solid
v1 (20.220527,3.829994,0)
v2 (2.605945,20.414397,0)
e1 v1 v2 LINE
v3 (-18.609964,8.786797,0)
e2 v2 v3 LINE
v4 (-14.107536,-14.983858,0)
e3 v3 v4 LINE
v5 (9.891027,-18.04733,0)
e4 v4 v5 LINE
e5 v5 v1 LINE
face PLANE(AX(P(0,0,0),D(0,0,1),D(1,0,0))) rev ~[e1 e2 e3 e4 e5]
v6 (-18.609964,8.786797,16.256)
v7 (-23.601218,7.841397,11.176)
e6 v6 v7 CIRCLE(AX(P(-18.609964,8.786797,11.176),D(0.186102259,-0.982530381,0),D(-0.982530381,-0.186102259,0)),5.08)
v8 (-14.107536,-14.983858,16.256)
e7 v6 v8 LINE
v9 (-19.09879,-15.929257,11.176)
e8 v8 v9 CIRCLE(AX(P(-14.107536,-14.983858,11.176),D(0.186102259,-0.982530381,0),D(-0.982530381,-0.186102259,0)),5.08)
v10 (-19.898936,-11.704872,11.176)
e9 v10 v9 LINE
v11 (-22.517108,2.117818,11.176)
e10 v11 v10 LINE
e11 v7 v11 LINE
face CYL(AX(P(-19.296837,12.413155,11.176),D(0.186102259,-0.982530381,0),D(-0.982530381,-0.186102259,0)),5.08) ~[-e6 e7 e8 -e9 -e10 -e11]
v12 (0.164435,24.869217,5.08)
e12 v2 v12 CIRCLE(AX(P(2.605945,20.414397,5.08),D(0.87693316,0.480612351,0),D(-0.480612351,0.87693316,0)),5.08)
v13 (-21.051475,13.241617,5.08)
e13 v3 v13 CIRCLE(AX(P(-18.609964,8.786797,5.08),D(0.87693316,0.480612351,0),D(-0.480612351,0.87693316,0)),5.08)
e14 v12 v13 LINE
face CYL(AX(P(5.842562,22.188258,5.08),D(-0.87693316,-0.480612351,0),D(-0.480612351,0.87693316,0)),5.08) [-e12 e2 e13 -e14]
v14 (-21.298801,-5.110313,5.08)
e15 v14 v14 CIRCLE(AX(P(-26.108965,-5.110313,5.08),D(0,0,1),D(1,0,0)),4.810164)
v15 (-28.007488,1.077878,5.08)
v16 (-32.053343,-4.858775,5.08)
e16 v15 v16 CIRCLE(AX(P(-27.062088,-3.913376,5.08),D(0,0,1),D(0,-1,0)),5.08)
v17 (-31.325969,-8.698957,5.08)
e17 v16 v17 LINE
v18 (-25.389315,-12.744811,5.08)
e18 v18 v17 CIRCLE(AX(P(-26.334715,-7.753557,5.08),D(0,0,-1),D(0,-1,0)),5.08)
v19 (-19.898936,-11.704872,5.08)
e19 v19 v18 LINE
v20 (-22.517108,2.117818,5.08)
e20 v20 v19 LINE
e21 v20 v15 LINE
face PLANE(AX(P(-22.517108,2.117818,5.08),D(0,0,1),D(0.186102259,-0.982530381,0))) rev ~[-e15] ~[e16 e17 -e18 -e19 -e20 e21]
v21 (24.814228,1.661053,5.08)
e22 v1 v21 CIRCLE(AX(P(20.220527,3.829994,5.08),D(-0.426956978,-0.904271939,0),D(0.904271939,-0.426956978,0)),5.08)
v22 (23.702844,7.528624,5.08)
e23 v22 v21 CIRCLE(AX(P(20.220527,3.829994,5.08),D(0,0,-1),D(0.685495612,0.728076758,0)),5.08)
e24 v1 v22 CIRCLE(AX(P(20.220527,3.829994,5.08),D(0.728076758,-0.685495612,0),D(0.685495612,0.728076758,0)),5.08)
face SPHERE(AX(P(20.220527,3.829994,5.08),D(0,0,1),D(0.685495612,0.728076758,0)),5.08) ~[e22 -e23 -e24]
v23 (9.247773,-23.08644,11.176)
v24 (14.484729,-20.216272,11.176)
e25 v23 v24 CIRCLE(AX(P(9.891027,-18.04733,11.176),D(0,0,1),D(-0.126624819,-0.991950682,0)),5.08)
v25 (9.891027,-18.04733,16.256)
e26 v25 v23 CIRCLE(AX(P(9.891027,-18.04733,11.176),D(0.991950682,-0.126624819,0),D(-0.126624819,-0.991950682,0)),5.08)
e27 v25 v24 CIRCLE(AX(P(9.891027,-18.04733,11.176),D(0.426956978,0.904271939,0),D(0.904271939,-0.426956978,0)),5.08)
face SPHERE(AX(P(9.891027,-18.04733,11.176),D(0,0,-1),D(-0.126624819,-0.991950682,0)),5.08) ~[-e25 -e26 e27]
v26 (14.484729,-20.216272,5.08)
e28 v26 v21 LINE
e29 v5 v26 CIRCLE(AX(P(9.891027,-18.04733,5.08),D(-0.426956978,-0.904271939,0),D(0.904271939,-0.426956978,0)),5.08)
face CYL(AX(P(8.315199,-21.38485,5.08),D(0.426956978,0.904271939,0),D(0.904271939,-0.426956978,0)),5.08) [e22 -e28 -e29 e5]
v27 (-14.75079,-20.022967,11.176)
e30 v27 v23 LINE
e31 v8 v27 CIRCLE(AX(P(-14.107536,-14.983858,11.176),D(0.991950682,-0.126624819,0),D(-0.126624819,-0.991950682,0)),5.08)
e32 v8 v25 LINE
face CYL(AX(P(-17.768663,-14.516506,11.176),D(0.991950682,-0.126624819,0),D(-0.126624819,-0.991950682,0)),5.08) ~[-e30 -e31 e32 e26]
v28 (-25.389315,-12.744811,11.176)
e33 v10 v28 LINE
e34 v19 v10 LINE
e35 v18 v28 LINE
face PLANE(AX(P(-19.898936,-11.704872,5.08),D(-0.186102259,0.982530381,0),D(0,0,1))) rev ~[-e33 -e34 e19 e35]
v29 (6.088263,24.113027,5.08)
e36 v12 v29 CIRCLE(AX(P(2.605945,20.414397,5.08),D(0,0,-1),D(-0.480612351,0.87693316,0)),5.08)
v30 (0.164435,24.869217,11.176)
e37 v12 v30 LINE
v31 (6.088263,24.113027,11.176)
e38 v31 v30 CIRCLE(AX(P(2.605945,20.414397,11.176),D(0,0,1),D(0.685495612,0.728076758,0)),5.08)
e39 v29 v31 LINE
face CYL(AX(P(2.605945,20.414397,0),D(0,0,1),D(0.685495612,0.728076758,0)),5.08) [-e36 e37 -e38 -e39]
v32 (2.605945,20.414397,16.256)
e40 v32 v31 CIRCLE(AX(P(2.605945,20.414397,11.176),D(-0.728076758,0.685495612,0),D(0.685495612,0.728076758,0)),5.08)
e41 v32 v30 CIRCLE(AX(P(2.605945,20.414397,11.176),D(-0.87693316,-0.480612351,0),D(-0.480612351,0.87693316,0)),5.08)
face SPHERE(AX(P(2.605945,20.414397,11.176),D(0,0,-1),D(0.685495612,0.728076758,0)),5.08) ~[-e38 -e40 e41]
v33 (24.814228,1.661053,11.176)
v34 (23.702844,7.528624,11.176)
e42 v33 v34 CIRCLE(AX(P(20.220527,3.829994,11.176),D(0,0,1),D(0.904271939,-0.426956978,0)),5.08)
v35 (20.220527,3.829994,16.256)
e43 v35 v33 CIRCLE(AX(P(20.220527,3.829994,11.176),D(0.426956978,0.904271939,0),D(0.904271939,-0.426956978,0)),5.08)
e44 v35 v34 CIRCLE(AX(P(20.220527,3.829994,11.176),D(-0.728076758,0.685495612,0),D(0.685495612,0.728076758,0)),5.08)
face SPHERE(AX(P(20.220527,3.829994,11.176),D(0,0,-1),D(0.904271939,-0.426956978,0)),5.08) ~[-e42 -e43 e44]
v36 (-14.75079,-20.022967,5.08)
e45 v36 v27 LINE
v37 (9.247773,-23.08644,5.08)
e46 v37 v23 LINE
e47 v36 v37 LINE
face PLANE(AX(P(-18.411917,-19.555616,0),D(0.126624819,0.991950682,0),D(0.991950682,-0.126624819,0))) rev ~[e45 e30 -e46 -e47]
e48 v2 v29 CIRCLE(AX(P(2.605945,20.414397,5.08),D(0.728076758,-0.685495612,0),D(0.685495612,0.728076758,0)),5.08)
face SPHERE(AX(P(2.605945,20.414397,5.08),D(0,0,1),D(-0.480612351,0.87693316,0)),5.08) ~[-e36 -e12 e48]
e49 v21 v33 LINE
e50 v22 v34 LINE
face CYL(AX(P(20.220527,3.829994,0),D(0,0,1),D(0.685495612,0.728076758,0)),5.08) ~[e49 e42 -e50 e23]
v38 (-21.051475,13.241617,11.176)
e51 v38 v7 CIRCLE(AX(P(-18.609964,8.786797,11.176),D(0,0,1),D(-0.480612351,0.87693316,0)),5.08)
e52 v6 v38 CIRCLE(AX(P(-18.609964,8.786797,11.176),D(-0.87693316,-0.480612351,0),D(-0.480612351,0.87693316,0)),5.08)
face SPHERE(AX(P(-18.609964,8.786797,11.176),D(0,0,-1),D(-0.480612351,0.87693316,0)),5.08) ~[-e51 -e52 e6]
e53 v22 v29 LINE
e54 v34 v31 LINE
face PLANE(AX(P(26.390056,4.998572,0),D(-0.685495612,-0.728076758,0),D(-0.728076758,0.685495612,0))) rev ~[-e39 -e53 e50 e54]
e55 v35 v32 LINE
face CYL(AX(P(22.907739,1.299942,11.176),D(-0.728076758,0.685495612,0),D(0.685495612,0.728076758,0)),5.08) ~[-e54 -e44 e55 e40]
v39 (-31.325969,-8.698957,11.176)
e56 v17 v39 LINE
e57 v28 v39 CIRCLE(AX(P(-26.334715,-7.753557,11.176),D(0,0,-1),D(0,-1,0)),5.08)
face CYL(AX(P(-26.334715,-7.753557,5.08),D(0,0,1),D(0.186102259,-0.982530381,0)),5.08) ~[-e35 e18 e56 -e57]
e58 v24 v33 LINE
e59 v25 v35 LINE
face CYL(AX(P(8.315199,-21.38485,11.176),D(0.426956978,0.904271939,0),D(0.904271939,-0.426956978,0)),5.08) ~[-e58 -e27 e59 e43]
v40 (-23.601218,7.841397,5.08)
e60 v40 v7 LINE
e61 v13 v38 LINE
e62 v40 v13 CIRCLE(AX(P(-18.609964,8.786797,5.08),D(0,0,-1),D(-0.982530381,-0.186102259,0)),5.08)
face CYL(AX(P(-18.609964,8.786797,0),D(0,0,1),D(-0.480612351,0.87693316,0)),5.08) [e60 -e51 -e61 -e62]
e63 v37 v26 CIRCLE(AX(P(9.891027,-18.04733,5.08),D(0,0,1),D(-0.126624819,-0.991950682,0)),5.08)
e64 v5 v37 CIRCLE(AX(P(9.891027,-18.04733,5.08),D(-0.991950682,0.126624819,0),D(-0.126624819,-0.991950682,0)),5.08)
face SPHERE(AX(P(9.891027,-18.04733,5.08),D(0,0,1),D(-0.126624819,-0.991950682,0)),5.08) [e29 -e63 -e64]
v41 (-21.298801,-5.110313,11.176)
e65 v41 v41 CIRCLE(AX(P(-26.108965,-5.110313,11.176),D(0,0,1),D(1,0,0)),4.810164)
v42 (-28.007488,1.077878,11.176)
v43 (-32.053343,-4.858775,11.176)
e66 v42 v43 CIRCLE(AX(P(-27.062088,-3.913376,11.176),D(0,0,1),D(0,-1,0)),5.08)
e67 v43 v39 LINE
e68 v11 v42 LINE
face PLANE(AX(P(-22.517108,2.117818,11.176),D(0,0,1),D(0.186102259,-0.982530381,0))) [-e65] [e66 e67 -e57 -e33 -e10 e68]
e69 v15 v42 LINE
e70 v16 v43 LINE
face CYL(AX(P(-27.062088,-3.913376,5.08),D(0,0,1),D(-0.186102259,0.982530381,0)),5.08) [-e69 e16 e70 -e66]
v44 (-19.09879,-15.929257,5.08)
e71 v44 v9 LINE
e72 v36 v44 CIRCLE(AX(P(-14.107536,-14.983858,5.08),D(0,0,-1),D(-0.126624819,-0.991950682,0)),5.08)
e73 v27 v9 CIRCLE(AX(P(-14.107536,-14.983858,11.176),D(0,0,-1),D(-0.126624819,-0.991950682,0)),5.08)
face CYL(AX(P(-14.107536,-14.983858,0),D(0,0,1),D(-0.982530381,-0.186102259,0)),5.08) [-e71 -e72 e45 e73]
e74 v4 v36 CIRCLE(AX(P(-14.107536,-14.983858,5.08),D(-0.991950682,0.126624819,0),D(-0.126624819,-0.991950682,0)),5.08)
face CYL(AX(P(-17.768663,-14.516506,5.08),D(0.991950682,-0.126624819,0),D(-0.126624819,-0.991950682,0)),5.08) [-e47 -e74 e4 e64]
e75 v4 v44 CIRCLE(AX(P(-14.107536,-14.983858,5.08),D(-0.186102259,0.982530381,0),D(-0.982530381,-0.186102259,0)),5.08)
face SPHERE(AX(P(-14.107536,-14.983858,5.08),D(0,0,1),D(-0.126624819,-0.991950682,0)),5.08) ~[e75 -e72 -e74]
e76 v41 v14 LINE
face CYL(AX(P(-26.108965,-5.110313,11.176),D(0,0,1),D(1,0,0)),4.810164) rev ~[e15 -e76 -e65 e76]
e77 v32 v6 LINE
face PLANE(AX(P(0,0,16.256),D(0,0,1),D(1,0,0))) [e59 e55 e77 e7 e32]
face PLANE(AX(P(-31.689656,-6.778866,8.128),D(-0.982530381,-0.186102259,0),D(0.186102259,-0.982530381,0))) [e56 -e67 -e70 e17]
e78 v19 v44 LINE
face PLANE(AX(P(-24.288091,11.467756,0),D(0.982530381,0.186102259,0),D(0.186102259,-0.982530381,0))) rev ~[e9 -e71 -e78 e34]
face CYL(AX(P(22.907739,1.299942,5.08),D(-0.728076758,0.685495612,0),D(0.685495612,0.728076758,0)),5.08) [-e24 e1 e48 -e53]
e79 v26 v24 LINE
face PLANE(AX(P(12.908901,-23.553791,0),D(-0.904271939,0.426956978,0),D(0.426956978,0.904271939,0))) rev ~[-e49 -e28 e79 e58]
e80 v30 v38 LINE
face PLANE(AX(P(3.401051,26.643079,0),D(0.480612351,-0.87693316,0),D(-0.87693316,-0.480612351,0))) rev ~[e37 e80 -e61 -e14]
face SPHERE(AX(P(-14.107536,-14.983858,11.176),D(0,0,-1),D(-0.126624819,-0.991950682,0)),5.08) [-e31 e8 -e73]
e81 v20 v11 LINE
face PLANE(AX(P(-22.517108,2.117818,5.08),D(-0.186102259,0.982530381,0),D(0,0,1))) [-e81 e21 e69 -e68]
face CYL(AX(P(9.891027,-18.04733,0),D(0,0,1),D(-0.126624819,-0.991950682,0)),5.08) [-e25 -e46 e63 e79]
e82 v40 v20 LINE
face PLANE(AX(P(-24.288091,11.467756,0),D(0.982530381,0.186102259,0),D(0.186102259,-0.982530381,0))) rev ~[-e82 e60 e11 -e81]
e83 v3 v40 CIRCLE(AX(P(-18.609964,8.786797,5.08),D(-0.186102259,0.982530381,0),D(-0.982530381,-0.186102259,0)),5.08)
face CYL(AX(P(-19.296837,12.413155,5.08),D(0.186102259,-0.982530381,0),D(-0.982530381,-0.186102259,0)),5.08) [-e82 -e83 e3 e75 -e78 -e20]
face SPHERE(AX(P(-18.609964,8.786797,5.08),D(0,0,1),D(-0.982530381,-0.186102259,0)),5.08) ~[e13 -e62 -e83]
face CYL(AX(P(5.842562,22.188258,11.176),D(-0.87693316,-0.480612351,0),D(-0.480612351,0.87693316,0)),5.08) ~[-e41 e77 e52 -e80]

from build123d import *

# Parameters (mm, degrees)
F1_DEPTH = 16.256
F2_R     = 5.08
F3_W     = 14.0684605576
F3_H     = 6.096
F4_DEPTH = 10.668
F5_R     = 5.08
F6_R     = 4.8101644532
F7_DEPTH = 25.4


with BuildPart() as f1:
    # F0 (on Top) → F1 (new body)
    with BuildSketch(Plane.XY):
        Polygon((26.3900562345, 4.9985722308), (3.4010511667, 26.6430787142), (-24.288091016, 11.4677559795), (-18.4119169365, -19.5556157441), (12.9089005512, -23.5537911803), align=None)
    extrude(amount=F1_DEPTH)

    # F2
    f2_edges = [f1.edges().sort_by_distance(p)[0] for p in [
        (-18.411917, -19.555616, 8.128),
        (-2.751508, -21.554703, 0),
        (-2.751508, -21.554703, 16.256),
        (-21.350004, -4.04393, 0),
        (-10.44352, 19.055417, 0),
        (14.895554, 15.820825, 0),
        (19.649478, -9.277609, 0),
        (19.649478, -9.277609, 16.256),
        (14.895554, 15.820825, 16.256),
        (-10.44352, 19.055417, 16.256),
        (-21.350004, -4.04393, 16.256),
        (3.401051, 26.643079, 8.128),
        (-24.288091, 11.467756, 8.128),
        (12.908901, -23.553791, 8.128),
        (26.390056, 4.998572, 8.128),
    ]]
    fillet(f2_edges, radius=F2_R)

    # F3 (on face) → F4 (join)
    with BuildSketch(Plane(origin=(-21.3500039762, -4.0439298823, 0), x_dir=(0.1861022589, -0.9825303808, 0), z_dir=(-0.9825303808, -0.1861022589, 0))):
        with Locations((0.7629252505, 8.128)):
            Rectangle(F3_W, F3_H)
    extrude(amount=F4_DEPTH)

    # F5
    f5_edges = [f1.edges().sort_by_distance(p)[0] for p in [
        (-30.38057, -13.690211, 8.128),
        (-32.998742, 0.132479, 8.128),
    ]]
    fillet(f5_edges, radius=F5_R)

    # F6 (on face) → F7 (cut)
    with BuildSketch(Plane.XY.offset(11.176)):
        with Locations((-26.1089652777, -5.1103131846)):
            Circle(F6_R)
    extrude(amount=-F7_DEPTH, mode=Mode.SUBTRACT)


solid = f1.part
